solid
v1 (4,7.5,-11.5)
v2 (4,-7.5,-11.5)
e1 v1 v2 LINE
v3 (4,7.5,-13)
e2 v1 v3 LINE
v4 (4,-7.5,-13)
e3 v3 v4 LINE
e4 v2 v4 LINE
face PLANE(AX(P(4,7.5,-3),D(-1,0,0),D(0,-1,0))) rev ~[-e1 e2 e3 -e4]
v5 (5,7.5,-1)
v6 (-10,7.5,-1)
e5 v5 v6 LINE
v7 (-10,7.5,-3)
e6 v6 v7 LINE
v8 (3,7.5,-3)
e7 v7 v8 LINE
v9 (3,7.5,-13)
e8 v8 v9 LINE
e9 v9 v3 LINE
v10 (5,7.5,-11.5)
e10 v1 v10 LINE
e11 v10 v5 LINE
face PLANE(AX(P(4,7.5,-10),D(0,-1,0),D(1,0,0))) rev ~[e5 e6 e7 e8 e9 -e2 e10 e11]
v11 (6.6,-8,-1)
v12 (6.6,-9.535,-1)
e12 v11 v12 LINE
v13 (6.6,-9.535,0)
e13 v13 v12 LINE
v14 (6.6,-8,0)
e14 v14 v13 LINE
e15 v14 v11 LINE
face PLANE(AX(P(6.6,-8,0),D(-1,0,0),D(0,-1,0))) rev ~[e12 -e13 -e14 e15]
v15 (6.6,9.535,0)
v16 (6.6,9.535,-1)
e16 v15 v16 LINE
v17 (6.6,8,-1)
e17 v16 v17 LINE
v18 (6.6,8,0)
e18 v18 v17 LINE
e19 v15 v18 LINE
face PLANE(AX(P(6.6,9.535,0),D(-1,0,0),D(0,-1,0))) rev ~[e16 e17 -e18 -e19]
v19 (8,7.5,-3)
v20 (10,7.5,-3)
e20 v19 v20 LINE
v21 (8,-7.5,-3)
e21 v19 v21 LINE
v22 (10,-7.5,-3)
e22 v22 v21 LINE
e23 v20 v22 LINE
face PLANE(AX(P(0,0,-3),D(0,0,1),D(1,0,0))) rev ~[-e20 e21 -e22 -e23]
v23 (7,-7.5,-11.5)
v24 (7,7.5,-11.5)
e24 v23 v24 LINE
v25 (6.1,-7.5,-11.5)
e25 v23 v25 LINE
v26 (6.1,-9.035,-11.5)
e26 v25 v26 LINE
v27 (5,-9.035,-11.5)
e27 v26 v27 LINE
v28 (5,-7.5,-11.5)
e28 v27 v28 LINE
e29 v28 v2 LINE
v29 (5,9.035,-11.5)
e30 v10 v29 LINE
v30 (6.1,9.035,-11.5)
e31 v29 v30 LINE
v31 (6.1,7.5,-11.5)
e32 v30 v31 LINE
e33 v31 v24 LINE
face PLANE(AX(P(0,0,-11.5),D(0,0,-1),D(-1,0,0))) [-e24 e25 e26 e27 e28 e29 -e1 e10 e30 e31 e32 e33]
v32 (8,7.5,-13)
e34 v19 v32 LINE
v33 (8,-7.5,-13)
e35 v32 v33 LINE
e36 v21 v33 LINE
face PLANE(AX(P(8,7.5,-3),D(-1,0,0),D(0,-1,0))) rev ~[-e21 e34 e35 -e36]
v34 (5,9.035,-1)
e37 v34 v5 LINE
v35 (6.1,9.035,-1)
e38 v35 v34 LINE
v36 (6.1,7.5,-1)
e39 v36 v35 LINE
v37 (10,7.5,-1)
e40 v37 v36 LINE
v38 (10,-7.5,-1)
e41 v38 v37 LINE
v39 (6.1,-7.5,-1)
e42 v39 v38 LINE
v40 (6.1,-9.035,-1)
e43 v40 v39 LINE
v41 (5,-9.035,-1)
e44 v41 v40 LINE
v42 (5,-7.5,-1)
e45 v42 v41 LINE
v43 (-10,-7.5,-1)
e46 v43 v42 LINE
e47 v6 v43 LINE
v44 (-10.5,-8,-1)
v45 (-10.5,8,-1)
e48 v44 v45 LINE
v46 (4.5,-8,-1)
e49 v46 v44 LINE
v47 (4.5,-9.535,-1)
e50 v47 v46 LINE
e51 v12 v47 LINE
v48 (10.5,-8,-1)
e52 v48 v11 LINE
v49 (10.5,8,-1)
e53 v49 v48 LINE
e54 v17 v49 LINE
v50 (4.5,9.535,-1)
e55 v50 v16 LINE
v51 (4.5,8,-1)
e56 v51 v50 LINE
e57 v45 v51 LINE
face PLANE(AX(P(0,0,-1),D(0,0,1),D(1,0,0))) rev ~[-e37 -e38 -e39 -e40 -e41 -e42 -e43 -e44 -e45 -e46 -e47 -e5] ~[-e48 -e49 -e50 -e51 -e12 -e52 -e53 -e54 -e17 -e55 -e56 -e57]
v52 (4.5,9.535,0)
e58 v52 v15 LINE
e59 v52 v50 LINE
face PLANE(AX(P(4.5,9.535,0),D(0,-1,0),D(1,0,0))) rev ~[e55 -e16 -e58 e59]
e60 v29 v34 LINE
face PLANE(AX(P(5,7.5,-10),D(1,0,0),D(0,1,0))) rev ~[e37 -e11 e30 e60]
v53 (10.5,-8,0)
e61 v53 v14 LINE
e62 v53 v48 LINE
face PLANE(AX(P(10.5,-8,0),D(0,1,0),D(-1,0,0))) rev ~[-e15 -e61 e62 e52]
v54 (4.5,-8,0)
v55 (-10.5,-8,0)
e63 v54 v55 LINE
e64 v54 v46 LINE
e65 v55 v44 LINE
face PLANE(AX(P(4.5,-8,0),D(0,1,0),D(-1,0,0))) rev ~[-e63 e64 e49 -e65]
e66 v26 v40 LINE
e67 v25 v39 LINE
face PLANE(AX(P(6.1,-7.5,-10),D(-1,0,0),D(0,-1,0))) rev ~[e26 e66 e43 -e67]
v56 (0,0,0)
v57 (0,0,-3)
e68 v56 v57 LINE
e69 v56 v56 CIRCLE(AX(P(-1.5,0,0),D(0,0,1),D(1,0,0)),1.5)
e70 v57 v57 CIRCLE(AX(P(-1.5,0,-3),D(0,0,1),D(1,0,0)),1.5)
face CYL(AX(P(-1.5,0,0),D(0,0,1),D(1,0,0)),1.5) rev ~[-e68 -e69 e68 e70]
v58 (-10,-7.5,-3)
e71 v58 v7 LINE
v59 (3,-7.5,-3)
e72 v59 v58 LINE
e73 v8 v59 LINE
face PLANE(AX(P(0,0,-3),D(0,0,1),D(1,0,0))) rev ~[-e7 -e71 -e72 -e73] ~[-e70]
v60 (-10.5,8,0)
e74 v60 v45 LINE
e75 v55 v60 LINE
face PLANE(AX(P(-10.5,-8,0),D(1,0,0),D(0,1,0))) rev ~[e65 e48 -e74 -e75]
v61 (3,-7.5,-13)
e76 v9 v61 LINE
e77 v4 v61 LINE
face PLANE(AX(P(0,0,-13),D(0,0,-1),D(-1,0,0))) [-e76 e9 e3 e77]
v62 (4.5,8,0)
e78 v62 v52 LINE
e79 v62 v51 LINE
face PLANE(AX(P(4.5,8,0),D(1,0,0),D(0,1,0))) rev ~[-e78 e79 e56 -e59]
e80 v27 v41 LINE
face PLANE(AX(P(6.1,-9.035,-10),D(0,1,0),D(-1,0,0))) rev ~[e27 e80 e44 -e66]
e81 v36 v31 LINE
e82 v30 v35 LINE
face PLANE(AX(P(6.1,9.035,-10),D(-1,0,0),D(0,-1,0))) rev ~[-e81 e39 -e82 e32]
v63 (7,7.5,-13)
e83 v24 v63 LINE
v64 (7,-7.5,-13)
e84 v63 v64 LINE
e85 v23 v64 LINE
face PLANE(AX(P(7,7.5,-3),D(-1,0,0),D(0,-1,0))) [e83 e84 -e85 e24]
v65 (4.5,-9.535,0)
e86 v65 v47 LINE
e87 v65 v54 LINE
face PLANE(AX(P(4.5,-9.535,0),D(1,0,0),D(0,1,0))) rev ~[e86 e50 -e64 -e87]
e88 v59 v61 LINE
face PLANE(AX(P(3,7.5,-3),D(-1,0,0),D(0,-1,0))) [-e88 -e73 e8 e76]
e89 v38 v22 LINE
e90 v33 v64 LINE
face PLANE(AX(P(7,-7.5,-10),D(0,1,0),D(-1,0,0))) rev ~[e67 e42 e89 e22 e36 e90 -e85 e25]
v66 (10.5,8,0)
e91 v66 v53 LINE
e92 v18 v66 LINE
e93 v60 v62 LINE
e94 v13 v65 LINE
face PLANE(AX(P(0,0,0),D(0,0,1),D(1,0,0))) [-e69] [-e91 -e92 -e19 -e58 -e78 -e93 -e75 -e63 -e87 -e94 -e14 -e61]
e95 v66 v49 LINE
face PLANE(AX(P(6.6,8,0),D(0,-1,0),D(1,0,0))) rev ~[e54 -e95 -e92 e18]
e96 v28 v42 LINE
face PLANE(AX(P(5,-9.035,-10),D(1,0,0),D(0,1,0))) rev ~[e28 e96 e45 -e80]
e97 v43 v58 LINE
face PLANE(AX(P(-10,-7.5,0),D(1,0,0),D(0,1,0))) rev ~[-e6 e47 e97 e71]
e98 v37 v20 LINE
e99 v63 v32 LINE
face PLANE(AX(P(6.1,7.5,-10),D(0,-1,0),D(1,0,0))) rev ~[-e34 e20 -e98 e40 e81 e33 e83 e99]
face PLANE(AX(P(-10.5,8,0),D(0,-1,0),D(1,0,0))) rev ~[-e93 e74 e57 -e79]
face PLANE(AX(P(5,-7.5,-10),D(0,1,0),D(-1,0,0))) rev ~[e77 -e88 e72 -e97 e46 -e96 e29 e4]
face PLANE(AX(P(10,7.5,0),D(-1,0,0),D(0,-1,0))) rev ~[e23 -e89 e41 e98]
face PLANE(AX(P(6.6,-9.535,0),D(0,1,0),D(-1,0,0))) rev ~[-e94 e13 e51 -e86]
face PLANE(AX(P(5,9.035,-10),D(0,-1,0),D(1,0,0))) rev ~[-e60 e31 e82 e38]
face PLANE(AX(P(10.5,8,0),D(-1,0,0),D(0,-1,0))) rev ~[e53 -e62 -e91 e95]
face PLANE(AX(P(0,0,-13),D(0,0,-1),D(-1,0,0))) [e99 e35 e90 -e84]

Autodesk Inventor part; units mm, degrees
ref_plane "YZ Plane" through (0, 0, 0) normal (1, 0, 0) x (0, 1, 0)
ref_plane "XZ Plane" through (0, 0, 0) normal (0, 1, 0) x (-1, 0, 0)
ref_plane "XY Plane" through (0, 0, 0) normal (0, 0, 1) x (1, 0, 0)
sketch "Esboço1" plane through (0, 0, 0) normal (0, 0, 1) x (1, 0, 0)
  line L0 (-10, 7.5) -> (10, 7.5)
  line L1 (10, 7.5) -> (10, -7.5)
  line L2 (10, -7.5) -> (-10, -7.5)
  line L3 (-10, -7.5) -> (-10, 7.5)
  line L4 (-10, 7.5) -> (10, -7.5) construction
  line L5 (10, 7.5) -> (-10, -7.5) construction
  circle A0 centre (-1.5, 0) radius 1.5
  point P0 (0, 0)
  dimension "d0" = 20
  dimension "d1" = 15
  dimension "d13" = 3
  dimension "d14" = 1.5
  dimension "d15" = 7.5
extrude "Extrusão1" add sketch "Esboço1" against normal blind 3
sketch "Esboço2" plane through (0, 0, -3) normal (0, 0, -1) x (-1, 0, 0)
  line L0 (10, 7.5) -> (-10, 7.5) projected
  line L1 (-4, 7.5) -> (-4, -7.5247)
  line L2 (-7, 7.5) -> (-7, -7.5)
  line L3 (-10, -7.5) -> (10, -7.5) projected
  line L4 (-3, 7.5) -> (-3, -7.5247)
  line L5 (-8, 7.5) -> (-8, -7.5)
  point P0 (0, 0)
  point P1 (0, 0)
  point P2 (-3, -7.5)
  point P3 (-4, -7.5)
  dimension "d6" = 3
  dimension "d7" = 1
  dimension "d8" = 1
  dimension "d16" = 7
extrude "Extrusão2" add sketch "Esboço2" along normal blind 10 contours L4 L3 L1 L0 | L2 L3 L5 L0
sketch "Esboço3" plane through (-10, 7.5, 0) normal (0, 1, 0) x (1, 0, 0)
  point P0 (10, 0)
sketch "Esboço4" plane through (0, 0, -3) normal (0, 0, -1) x (-1, 0, 0)
  line L0 (-7, 7.5) -> (-7, -7.5) projected
  line L1 (-7, -7.5) -> (-4, -7.5) projected
  line L2 (-4, -7.5) -> (-4, 7.5) projected
  line L3 (-4, 7.5) -> (-7, 7.5) projected
  point P0 (0, 0)
extrude "Extrusão3" add sketch "Esboço4" along normal blind 7
sketch "Sketch5" plane through (0, 0, -10) normal (0, 0, -1) x (-1, 0, 0)
  line L0 (-6.1, 0) -> (-6.1, 9.035)
  line L1 (-6.1, 9.035) -> (-5, 9.035)
  line L2 (-5, 9.035) -> (-5, 0)
  line L3 (-3, 7.5) -> (-8, 7.5) projected
  line L4 (-7.6007, 9.235) -> (-6.101, 9.235) projected
  line L5 (-4, 3.5) -> (-4, 7.373) projected
  line L6 (-7, 7.373) -> (-7, 3.5) projected
  line L7 (-6.101, -10.265) -> (-7.6007, -10.265) projected
  line L8 (-11.7517, 0) -> (0.9741, 0)
  line L9 (-6.1, 0) -> (-6.1, -9.035)
  line L10 (-6.1, -9.035) -> (-5, -9.035)
  line L11 (-5, -9.035) -> (-5, 0)
  point P0 (0, 0)
  dimension "d21" = 0.2
  dimension "d22" = 1
  dimension "d23" = 0.9
extrude "Extrusion4" add sketch "Sketch5" against normal blind 10
sketch "Sketch7" plane through (0, 0, 0) normal (0, 0, 1) x (1, 0, 0)
  circle A0 centre (-1.5, 0) radius 1.5 projected
  line L0 (6.1, -7.5) -> (10, -7.5) projected
  line L1 (10, -7.5) -> (10, 7.5) projected
  line L2 (10, 7.5) -> (6.1, 7.5) projected
  line L3 (6.1, 7.5) -> (6.1, 9.035) projected
  line L4 (6.1, 9.035) -> (5, 9.035) projected
  line L5 (5, 9.035) -> (5, 7.5) projected
  line L6 (5, 7.5) -> (-10, 7.5) projected
  line L7 (-10, 7.5) -> (-10, -7.5) projected
  line L8 (-10, -7.5) -> (5, -7.5) projected
  line L9 (5, -7.5) -> (5, -9.035) projected
  line L10 (5, -9.035) -> (6.1, -9.035) projected
  line L11 (6.1, -9.035) -> (6.1, -7.5) projected
  line L12 (10.5, 8) -> (10.5, -8)
  line L13 (10.5, -8) -> (6.6, -8)
  line L14 (6.6, -8) -> (6.6, -9.535)
  line L15 (6.6, -9.535) -> (4.5, -9.535)
  line L16 (4.5, -9.535) -> (4.5, -8)
  line L17 (4.5, -8) -> (-10.5, -8)
  line L18 (-10.5, -8) -> (-10.5, 8)
  line L19 (-10.5, 8) -> (4.5, 8)
  line L20 (4.5, 8) -> (4.5, 9.535)
  line L21 (4.5, 9.535) -> (6.6, 9.535)
  line L22 (6.6, 9.535) -> (6.6, 8)
  line L23 (6.6, 8) -> (10.5, 8)
  circle A1 centre (-1.5, 0) radius 1.5
  point P0 (0, 0)
  dimension "d32" = 0.5
extrude "Extrusion6" add sketch "Sketch7" against normal blind 1 contours L12 L13 L14 L15 L16 L17 L18 L19 L20 L21 L22 L23
sketch "Sketch8" plane through (0, 0, -10) normal (0, 0, -1) x (-1, 0, 0)
  line L0 (-6.1, 7.5) -> (-7, 7.5) projected
  line L1 (-7, -7.5) -> (-7, 7.5) projected
  line L2 (-7, -7.5) -> (-6.1, -7.5) projected
  line L3 (-6.1, -7.5) -> (-6.1, -9.035) projected
  line L4 (-6.1, -9.035) -> (-5, -9.035) projected
  line L5 (-5, -9.035) -> (-5, -7.5) projected
  line L6 (-5, -7.5) -> (-4, -7.5) projected
  line L7 (-4, 7.5) -> (-4, -7.5) projected
  line L8 (-4, 7.5) -> (-5, 7.5) projected
  line L9 (-5, 7.5) -> (-5, 9.035) projected
  line L10 (-5, 9.035) -> (-6.1, 9.035) projected
  line L11 (-6.1, 9.035) -> (-6.1, 7.5) projected
  point P0 (0, 0)
extrude "Extrusion7" add sketch "Sketch8" along normal blind 1.5
properties part number "peca2v2"
